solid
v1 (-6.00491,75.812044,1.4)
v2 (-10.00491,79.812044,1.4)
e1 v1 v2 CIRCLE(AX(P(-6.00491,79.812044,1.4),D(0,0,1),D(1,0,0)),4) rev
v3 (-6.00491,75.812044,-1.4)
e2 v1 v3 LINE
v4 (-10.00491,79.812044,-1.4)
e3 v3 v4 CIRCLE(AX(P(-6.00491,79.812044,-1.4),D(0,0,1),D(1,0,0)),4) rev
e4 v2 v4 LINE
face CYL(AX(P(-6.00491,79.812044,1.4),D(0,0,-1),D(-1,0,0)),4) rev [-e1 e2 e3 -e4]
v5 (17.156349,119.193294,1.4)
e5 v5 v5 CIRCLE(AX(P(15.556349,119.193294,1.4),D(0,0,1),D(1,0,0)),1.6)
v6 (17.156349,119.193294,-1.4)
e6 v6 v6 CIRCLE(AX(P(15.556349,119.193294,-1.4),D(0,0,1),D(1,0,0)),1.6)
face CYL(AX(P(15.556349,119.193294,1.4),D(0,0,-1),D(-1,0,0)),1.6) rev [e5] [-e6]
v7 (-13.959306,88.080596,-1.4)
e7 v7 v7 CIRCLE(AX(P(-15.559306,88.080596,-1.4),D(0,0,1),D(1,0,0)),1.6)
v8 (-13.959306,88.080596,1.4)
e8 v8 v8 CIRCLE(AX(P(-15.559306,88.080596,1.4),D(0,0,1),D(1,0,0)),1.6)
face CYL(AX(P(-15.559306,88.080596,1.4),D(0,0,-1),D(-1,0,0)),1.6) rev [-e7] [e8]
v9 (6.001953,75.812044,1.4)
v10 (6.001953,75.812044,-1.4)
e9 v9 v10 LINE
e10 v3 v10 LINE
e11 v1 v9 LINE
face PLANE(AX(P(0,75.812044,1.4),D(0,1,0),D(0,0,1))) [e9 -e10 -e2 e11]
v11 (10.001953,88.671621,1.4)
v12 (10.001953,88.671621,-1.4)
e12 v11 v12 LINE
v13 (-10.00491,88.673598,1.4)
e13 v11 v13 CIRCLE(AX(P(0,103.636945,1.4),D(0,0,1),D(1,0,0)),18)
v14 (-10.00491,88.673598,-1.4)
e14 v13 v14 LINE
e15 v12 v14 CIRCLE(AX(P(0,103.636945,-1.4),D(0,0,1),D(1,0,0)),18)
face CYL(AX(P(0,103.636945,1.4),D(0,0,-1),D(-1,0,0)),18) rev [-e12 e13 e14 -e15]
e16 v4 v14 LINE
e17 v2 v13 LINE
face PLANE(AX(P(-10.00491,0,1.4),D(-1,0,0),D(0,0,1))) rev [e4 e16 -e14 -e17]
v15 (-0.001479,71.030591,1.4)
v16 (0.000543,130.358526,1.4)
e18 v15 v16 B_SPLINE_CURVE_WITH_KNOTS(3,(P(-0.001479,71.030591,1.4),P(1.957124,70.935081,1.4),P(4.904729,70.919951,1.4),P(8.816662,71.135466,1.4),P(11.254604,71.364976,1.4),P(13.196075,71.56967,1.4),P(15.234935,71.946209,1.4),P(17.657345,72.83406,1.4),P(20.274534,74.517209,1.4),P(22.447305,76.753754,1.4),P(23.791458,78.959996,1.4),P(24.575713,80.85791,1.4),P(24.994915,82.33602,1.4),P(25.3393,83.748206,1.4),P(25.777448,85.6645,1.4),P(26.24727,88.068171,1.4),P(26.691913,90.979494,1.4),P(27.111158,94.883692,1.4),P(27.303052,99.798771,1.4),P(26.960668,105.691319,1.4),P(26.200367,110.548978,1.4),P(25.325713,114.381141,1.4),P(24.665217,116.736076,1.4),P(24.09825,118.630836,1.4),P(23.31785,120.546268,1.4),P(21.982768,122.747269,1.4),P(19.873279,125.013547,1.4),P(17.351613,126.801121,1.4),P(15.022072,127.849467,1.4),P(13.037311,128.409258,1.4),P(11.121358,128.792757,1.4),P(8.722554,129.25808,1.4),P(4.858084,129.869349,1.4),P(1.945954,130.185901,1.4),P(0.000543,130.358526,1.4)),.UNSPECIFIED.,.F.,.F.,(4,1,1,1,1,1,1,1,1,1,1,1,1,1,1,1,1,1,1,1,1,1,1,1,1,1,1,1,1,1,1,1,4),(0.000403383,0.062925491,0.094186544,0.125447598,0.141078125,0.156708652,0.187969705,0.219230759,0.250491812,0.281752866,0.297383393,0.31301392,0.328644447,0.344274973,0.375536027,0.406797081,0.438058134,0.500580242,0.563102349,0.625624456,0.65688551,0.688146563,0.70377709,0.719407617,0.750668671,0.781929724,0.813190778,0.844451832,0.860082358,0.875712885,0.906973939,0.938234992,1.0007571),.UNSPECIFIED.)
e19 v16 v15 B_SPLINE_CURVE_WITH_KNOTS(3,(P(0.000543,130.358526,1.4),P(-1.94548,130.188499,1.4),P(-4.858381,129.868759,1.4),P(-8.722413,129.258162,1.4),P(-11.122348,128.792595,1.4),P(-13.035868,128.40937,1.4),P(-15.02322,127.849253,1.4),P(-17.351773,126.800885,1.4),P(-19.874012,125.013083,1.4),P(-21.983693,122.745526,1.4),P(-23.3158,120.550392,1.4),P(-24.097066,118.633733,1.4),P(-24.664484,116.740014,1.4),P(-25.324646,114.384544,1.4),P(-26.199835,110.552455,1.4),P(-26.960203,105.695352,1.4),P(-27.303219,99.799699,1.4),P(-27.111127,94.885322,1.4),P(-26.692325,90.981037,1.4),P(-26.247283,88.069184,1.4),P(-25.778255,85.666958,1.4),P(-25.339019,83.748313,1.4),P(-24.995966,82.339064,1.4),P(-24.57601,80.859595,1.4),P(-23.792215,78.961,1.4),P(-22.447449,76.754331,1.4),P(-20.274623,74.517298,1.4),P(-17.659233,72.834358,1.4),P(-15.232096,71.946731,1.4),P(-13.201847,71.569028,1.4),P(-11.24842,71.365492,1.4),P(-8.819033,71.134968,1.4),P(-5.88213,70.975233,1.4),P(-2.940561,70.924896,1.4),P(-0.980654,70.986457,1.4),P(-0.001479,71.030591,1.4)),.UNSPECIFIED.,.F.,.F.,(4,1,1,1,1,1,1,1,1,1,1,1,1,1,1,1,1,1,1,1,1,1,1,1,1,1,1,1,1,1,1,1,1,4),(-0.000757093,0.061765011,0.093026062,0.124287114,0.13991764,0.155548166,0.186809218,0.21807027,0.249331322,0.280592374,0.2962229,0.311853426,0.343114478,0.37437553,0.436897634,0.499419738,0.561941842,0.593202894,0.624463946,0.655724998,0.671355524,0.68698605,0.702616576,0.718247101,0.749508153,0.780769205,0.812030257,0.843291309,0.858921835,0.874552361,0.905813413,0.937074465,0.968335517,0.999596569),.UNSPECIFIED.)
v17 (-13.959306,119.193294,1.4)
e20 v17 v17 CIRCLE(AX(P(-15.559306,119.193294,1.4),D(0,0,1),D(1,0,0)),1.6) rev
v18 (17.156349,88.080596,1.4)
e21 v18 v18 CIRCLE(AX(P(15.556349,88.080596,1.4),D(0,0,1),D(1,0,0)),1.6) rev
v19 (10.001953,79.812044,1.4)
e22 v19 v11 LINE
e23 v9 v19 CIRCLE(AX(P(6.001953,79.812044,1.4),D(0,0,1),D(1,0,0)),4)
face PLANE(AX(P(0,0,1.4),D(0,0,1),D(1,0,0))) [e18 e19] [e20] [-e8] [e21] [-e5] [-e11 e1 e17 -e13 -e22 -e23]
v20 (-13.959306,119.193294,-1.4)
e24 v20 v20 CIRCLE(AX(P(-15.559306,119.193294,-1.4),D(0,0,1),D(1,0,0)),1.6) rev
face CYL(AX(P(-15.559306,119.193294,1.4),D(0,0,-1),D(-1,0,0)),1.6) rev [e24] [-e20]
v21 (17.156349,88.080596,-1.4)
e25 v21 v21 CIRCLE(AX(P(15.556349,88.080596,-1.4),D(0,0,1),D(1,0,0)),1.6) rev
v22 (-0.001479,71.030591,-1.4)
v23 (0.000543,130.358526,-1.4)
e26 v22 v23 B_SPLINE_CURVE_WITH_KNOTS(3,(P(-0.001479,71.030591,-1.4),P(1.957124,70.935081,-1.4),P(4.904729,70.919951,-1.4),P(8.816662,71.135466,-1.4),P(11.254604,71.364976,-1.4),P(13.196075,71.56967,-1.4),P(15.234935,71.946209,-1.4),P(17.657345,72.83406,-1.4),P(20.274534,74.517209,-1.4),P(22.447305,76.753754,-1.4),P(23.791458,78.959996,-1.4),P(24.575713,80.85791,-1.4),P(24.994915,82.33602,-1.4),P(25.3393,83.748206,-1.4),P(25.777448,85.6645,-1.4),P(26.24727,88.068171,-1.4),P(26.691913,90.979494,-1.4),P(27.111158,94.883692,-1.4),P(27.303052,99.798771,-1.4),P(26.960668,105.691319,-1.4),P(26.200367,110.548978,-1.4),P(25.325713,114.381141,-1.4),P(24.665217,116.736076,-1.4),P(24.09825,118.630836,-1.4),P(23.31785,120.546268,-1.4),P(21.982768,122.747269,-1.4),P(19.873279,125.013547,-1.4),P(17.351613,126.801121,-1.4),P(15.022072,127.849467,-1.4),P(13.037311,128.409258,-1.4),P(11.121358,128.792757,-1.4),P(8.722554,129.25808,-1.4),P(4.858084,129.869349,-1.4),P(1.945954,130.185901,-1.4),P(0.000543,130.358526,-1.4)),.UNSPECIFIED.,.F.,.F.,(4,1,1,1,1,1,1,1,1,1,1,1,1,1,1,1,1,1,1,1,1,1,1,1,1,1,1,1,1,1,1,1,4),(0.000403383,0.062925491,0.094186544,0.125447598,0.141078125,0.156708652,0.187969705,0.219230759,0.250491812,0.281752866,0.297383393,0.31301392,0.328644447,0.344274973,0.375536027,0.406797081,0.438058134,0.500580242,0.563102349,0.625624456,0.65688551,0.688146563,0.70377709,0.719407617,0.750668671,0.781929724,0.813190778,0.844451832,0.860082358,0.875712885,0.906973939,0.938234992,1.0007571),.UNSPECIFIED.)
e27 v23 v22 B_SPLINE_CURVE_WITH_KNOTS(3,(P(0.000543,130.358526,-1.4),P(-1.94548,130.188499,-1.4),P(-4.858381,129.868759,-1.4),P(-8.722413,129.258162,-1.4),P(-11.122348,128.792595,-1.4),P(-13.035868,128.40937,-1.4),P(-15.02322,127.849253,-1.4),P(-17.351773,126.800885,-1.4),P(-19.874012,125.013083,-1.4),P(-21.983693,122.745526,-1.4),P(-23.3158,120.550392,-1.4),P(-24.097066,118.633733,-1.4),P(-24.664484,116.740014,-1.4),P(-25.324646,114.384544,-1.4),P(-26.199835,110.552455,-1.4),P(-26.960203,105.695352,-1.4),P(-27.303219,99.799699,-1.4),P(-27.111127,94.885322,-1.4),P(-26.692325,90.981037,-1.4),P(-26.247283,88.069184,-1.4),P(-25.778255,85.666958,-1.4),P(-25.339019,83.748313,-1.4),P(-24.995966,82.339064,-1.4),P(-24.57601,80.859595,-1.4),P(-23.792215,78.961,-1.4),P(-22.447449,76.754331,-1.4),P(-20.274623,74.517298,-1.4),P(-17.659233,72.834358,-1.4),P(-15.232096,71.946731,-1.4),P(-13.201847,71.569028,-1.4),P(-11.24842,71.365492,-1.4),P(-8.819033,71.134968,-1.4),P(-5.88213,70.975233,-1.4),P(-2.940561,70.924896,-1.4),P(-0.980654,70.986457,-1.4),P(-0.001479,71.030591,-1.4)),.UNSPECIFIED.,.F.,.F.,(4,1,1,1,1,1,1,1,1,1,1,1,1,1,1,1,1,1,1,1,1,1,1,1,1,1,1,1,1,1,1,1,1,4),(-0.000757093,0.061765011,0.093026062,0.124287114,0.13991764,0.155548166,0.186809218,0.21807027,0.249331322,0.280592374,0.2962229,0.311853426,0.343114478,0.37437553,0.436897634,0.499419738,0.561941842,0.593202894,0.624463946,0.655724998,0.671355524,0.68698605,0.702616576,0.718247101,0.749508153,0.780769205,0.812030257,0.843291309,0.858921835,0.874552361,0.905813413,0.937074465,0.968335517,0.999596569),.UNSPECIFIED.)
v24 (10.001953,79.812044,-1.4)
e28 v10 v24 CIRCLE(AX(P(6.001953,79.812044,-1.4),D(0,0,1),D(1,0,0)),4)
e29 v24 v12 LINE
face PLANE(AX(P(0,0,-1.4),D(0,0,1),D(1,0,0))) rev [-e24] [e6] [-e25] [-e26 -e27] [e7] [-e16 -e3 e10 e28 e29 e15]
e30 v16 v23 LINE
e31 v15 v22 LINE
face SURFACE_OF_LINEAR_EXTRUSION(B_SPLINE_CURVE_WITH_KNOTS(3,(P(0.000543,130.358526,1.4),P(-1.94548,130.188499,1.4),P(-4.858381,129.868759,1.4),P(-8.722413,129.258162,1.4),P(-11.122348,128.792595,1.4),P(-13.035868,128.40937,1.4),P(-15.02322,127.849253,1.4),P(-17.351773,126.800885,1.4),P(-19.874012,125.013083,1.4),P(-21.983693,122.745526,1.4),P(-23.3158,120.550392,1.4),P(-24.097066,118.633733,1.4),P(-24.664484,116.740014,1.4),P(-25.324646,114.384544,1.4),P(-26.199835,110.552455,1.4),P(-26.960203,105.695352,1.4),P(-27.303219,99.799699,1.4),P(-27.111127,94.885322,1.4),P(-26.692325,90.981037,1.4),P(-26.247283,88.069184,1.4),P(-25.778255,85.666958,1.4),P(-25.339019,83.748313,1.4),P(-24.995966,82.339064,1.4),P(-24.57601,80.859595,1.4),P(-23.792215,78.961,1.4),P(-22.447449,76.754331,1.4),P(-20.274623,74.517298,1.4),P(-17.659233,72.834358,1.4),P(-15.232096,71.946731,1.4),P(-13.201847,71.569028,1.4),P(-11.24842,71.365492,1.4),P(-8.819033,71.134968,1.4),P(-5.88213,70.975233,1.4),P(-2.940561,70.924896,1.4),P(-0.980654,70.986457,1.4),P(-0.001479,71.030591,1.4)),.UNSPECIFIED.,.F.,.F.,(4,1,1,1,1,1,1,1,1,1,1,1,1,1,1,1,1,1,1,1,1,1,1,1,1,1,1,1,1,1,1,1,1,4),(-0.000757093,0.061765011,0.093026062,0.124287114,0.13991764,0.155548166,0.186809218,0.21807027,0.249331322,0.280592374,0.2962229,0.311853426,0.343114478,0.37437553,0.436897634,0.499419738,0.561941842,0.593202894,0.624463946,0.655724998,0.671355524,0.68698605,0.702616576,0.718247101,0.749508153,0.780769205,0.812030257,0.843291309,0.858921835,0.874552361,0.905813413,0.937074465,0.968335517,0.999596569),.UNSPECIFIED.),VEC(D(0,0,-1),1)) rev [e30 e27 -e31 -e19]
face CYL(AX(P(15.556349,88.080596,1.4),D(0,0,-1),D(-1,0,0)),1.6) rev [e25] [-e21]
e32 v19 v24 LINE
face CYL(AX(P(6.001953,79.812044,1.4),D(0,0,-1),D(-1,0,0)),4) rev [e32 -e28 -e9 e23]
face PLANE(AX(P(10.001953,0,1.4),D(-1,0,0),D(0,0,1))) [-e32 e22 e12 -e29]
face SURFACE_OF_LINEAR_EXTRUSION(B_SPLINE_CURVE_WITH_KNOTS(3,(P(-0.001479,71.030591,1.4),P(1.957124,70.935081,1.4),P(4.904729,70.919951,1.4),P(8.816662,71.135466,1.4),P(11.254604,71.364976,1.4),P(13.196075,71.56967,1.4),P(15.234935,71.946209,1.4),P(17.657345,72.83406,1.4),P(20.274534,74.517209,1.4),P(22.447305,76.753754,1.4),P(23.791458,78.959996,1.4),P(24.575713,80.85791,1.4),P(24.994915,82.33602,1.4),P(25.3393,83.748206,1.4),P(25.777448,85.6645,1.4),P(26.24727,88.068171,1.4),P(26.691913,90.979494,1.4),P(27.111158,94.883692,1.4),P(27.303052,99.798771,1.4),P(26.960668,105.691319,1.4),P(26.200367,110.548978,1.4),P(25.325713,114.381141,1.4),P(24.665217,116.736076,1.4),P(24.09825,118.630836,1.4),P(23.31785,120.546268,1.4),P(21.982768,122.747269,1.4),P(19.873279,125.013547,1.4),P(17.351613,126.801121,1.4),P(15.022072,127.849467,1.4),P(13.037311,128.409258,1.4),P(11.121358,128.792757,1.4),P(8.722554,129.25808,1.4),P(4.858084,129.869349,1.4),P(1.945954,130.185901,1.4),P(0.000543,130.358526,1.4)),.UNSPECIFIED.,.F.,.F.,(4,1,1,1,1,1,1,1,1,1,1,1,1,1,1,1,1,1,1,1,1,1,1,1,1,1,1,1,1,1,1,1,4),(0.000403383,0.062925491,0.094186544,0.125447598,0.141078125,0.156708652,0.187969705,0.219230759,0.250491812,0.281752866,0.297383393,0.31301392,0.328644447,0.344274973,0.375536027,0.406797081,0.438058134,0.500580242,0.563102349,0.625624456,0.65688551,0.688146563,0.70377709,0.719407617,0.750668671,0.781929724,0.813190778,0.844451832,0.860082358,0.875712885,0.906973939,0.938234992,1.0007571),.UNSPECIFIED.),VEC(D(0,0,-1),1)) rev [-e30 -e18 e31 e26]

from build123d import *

# Parameters (mm, degrees)
SKETCH_1_R      = 1.6
EXTRUDE_1_DEPTH = 1.4


with BuildPart() as part:
    # Эскиз1 → Бобышка-Вытянуть1 (new, symmetric)
    with BuildSketch(Plane.XY):
        with BuildLine():
            add(Edge.make_bspline(
                [(0.000543, 130.358525827), (-1.945480452, 130.188499042), (-4.858381253, 129.868758565), (-8.722413487, 129.258161877), (-11.12234795, 128.792595305), (-13.035868432, 128.409370125), (-15.023219751, 127.849253361), (-17.351772976, 126.80088508), (-19.874012416, 125.013083487), (-21.983692934, 122.745525763), (-23.315799928, 120.550392172), (-24.097065652, 118.633733215), (-24.664484094, 116.740013738), (-25.324645571, 114.384544217), (-26.199834657, 110.55245516), (-26.960203324, 105.69535151), (-27.303219026, 99.799698554), (-27.111126776, 94.885322218), (-26.692325113, 90.981037438), (-26.247283233, 88.069183809), (-25.778255009, 85.666957643), (-25.339018869, 83.748313297), (-24.995965962, 82.339063868), (-24.576009703, 80.859594873), (-23.792214984, 78.961000016), (-22.44744941, 76.75433051), (-20.274622822, 74.517298165), (-17.659232969, 72.83435817), (-15.232095848, 71.946730968), (-13.201847179, 71.569027983), (-11.248420049, 71.365492175), (-8.819033004, 71.134967909), (-5.882129687, 70.975232523), (-2.940560559, 70.924896089), (-0.980653767, 70.986457369), (-0.001478501, 71.030590936)],
                knots=[-0.000757093, -0.000757093, -0.000757093, -0.000757093, 0.061765011, 0.093026062, 0.124287114, 0.13991764, 0.155548166, 0.186809218, 0.21807027, 0.249331322, 0.280592374, 0.2962229, 0.311853426, 0.343114478, 0.37437553, 0.436897634, 0.499419738, 0.561941842, 0.593202894, 0.624463946, 0.655724998, 0.671355524, 0.68698605, 0.702616576, 0.718247101, 0.749508153, 0.780769205, 0.812030257, 0.843291309, 0.858921835, 0.874552361, 0.905813413, 0.937074465, 0.968335517, 0.999596569, 0.999596569, 0.999596569, 0.999596569], degree=3))
            add(Edge.make_bspline(
                [(-0.001478501, 71.030590936), (1.95712441, 70.935080551), (4.90472948, 70.91995137), (8.816661818, 71.135466338), (11.254603959, 71.364975586), (13.196074826, 71.5696698), (15.234935039, 71.946208927), (17.657345201, 72.834060289), (20.274534247, 74.517209174), (22.447305021, 76.753754196), (23.791458396, 78.95999613), (24.575713155, 80.857910204), (24.994914701, 82.336019543), (25.339299688, 83.748205686), (25.777448237, 85.664500027), (26.247270381, 88.068171008), (26.691912963, 90.979494194), (27.11115847, 94.883692427), (27.303051995, 99.798771254), (26.960668379, 105.69131923), (26.200366981, 110.548978069), (25.325712758, 114.381140724), (24.665217429, 116.736075727), (24.098249664, 118.630835966), (23.317850059, 120.54626777), (21.982767519, 122.747268843), (19.873279136, 125.013547239), (17.351613221, 126.801120988), (15.022072031, 127.849466554), (13.037310829, 128.409258097), (11.12135831, 128.792757062), (8.72255397, 129.258080327), (4.858084444, 129.869349057), (1.945954411, 130.185901402), (0.000543, 130.358525827)],
                knots=[0.000403383, 0.000403383, 0.000403383, 0.000403383, 0.062925491, 0.094186544, 0.125447598, 0.141078125, 0.156708652, 0.187969705, 0.219230759, 0.250491812, 0.281752866, 0.297383393, 0.31301392, 0.328644447, 0.344274973, 0.375536027, 0.406797081, 0.438058134, 0.500580242, 0.563102349, 0.625624456, 0.65688551, 0.688146563, 0.70377709, 0.719407617, 0.750668671, 0.781929724, 0.813190778, 0.844451832, 0.860082358, 0.875712885, 0.906973939, 0.938234992, 1.0007571, 1.0007571, 1.0007571, 1.0007571], degree=3))
        make_face()
        with Locations((15.556349186, 88.080595835)):
            Circle(SKETCH_1_R, mode=Mode.SUBTRACT)
        with Locations((15.556349186, 119.193294207)):
            Circle(SKETCH_1_R, mode=Mode.SUBTRACT)
        with Locations((-15.559306188, 119.193294207)):
            Circle(SKETCH_1_R, mode=Mode.SUBTRACT)
        with Locations((-15.559306188, 88.080595835)):
            Circle(SKETCH_1_R, mode=Mode.SUBTRACT)
        with BuildLine():
            Line((-6.004910411, 75.812044251), (6.001953409, 75.812044251))
            ThreePointArc((6.001953409, 75.812044251), (8.830380533, 76.983617126), (10.001953409, 79.812044251))
            Line((10.001953409, 79.812044251), (10.001953409, 88.671620834))
            ThreePointArc((10.001953409, 88.671620834), (0.00177843, 121.636944933), (-10.004910411, 88.673597545))
            Line((-10.004910411, 88.673597545), (-10.004910411, 79.812044251))
            ThreePointArc((-10.004910411, 79.812044251), (-8.833337536, 76.983617126), (-6.004910411, 75.812044251))
        make_face(mode=Mode.SUBTRACT)
    extrude(amount=EXTRUDE_1_DEPTH, both=True)


solid = part.part
